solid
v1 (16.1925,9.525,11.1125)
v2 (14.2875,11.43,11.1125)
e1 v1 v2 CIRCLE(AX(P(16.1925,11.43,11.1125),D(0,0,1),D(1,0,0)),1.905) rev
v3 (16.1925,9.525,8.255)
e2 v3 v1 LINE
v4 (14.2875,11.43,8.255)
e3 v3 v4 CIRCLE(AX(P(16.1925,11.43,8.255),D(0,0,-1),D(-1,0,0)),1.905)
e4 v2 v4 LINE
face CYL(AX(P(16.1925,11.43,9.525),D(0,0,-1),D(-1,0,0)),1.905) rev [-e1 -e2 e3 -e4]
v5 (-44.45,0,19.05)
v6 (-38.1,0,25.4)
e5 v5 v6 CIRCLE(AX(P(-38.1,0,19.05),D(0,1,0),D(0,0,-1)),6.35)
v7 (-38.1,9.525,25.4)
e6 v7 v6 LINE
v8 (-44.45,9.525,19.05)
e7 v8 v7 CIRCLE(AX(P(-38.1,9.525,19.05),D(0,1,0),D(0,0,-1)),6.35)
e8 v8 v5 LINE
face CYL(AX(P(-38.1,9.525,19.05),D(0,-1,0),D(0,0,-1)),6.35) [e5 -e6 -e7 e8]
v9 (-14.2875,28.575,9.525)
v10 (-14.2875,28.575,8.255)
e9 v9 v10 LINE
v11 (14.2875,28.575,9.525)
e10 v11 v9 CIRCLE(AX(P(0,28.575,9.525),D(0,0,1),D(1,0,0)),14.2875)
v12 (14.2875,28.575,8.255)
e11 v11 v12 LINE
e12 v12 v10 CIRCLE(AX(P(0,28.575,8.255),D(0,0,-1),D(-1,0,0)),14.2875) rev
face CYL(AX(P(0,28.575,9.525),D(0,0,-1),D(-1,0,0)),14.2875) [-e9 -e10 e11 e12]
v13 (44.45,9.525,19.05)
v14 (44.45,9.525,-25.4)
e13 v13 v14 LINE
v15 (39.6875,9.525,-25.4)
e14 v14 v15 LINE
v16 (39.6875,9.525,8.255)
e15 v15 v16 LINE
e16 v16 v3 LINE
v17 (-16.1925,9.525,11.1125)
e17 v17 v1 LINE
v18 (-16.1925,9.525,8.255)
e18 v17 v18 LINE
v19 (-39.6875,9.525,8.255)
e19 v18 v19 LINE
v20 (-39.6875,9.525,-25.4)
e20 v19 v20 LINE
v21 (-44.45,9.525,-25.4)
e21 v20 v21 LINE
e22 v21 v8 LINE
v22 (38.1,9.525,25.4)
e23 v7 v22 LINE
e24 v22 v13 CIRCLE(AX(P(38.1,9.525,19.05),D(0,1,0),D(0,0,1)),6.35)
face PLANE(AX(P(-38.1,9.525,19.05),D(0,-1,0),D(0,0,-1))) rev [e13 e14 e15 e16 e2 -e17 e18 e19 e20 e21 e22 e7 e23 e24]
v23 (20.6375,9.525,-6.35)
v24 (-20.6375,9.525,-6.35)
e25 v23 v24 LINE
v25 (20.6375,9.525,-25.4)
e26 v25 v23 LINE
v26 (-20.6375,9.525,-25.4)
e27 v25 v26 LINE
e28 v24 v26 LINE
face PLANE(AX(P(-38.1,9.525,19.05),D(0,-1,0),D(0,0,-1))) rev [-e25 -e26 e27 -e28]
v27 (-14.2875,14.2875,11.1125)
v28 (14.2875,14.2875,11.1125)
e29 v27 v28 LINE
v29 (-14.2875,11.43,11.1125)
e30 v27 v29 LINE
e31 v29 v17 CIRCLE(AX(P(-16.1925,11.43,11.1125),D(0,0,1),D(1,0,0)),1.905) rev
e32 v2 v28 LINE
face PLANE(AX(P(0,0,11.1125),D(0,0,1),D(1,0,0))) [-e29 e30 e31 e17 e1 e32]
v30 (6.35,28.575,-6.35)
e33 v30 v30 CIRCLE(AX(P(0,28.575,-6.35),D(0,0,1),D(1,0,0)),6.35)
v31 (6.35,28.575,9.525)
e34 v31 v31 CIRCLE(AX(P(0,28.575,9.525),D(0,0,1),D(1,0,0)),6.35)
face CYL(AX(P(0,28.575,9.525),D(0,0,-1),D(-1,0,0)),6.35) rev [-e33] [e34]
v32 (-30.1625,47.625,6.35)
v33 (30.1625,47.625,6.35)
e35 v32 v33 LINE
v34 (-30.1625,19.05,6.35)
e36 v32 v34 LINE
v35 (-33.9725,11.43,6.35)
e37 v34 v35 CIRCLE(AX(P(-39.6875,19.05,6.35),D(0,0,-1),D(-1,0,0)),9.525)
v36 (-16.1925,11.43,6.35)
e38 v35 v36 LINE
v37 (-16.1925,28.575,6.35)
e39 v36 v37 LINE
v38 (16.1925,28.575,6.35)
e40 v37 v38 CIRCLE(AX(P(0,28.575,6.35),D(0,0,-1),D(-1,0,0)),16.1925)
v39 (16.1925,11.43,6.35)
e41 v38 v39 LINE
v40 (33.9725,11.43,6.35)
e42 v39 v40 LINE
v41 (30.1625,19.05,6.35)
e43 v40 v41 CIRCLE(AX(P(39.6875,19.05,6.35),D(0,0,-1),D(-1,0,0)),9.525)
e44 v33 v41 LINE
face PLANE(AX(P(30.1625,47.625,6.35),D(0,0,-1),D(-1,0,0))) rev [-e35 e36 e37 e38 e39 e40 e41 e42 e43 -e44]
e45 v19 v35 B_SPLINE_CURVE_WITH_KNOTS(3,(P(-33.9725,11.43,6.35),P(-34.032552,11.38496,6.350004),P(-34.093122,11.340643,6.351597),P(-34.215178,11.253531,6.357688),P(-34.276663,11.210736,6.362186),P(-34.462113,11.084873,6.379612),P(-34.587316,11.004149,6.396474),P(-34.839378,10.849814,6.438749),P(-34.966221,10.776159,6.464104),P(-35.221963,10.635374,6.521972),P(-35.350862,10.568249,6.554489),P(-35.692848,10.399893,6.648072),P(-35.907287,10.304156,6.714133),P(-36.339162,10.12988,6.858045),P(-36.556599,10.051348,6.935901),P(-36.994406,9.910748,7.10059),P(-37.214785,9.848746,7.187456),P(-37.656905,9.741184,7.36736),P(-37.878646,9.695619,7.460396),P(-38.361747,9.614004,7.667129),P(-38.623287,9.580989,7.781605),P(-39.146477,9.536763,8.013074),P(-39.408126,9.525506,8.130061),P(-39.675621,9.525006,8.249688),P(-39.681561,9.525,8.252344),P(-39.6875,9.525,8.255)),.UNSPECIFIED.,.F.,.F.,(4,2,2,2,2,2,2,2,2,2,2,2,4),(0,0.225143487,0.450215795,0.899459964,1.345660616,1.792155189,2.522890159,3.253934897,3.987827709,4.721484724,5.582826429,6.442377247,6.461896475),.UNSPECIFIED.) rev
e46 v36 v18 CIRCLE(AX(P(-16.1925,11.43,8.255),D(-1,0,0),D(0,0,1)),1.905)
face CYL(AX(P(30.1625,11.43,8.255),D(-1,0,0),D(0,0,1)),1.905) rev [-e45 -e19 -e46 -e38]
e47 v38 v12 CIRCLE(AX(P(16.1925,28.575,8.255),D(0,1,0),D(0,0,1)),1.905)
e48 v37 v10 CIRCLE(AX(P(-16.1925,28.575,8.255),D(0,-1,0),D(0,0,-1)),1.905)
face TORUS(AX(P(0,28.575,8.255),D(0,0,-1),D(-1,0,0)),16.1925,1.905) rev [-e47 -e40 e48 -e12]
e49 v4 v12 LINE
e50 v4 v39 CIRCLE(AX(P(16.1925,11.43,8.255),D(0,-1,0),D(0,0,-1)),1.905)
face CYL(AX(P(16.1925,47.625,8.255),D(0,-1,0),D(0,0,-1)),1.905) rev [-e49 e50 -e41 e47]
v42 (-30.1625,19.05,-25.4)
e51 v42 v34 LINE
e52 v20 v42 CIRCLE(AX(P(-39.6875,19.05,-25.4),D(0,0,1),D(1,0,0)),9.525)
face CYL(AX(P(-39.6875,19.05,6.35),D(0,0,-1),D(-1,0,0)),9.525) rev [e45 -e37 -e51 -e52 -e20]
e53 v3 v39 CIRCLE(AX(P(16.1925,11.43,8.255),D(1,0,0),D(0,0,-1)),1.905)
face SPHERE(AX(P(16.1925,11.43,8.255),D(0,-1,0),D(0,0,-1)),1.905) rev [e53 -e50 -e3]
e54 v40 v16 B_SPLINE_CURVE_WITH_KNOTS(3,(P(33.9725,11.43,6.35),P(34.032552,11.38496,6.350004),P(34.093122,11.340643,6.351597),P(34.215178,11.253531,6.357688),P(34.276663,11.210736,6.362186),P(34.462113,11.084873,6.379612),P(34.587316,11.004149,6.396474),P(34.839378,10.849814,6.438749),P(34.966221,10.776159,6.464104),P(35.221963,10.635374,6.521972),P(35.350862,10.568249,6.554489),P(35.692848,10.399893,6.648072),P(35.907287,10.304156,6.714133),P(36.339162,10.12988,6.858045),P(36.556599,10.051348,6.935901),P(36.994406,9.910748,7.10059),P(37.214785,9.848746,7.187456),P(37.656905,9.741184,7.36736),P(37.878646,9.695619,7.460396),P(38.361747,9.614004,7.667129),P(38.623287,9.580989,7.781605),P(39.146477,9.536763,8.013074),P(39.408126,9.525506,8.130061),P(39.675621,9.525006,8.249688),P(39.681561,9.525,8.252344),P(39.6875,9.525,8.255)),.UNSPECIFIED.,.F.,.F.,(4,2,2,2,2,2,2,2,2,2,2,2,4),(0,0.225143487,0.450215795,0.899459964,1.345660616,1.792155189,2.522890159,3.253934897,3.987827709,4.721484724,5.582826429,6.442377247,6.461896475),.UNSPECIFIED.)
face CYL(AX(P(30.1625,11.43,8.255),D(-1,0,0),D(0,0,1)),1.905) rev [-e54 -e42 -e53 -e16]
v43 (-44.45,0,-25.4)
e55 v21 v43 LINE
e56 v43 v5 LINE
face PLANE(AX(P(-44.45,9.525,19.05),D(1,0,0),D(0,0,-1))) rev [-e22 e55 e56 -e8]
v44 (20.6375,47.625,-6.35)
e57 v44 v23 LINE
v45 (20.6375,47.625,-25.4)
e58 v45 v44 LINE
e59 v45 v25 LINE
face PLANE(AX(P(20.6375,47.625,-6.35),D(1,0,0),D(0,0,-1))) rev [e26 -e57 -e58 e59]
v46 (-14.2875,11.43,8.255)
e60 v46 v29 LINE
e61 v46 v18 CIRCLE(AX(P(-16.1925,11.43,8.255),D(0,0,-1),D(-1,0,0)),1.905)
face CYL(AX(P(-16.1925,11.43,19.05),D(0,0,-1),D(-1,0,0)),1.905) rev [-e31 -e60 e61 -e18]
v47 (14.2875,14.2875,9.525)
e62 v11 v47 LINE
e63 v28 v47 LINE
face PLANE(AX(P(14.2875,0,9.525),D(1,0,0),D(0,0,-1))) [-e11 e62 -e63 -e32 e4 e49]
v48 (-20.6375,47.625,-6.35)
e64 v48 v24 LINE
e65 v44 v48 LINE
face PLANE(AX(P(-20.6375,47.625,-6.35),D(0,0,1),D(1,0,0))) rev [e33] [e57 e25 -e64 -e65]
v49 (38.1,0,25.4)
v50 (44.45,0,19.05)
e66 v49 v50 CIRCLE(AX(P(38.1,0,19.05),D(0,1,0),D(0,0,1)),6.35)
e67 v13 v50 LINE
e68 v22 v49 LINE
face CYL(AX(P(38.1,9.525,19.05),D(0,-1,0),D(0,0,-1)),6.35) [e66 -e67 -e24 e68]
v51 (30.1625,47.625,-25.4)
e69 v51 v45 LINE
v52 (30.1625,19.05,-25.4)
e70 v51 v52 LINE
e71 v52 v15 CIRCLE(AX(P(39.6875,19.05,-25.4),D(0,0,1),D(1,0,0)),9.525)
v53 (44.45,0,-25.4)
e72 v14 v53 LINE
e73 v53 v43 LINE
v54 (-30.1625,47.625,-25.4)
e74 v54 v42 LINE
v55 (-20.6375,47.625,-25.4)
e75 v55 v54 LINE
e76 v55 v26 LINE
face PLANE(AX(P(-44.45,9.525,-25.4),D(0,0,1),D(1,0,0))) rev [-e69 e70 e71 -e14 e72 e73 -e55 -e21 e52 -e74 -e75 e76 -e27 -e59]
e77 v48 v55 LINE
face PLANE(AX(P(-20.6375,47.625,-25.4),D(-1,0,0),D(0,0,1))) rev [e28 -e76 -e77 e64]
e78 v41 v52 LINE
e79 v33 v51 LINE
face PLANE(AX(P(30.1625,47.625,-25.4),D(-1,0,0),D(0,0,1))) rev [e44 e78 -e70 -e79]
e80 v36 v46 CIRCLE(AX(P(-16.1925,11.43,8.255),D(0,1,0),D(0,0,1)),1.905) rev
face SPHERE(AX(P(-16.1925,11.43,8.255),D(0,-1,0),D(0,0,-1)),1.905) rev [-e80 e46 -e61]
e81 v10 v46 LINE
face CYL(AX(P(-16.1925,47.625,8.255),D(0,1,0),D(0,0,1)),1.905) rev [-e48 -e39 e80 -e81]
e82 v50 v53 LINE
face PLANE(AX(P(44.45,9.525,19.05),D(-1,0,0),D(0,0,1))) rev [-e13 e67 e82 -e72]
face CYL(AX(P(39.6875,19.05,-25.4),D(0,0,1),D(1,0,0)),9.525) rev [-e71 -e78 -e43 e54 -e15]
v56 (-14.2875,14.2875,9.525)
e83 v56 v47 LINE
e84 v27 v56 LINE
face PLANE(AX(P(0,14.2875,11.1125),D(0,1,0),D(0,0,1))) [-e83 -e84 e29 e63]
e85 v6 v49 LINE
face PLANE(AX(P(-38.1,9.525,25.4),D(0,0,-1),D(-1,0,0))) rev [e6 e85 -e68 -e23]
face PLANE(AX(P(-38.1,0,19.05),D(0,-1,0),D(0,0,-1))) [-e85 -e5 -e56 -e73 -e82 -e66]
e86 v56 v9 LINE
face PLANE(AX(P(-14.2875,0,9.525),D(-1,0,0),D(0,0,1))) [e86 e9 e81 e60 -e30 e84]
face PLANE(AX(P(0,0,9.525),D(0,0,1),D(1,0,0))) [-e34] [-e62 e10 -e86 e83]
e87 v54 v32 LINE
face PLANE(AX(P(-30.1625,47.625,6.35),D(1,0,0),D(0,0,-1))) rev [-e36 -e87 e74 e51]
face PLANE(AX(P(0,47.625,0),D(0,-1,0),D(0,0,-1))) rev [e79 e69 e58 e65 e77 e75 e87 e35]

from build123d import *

# Parameters (mm, degrees)
BOSS_EXTRUDE2_DEPTH  = 9.525
BOSS_EXTRUDE4_DEPTH  = 38.1
SKETCH5_R            = 6.35
BOSS_EXTRUDE6_DEPTH  = 3.175
SKETCH5_6_W          = 28.575
SKETCH5_6_H          = 4.7625
BOSS_EXTRUDE10_DEPTH = 4.7625
SKETCH5_7_R          = 6.35
CUT_EXTRUDE1_DEPTH   = 73.470722537
FILLET1_R            = 9.525
FILLET4_R            = 1.905
FILLET5_R            = 1.905


with BuildPart() as part:
    # Sketch1 → Boss-Extrude2 (new body)
    with BuildSketch(Plane(origin=(0, 0, 0), x_dir=(1, 0, 0), z_dir=(0, 1, 0))):
        with BuildLine():
            Line((-38.1, -25.4), (38.1, -25.4))
            ThreePointArc((38.1, -25.4), (42.590128061, -23.540128061), (44.45, -19.05))
            Line((44.45, -19.05), (44.45, 25.4))
            Line((44.45, 25.4), (-44.45, 25.4))
            Line((-44.45, 25.4), (-44.45, -19.05))
            ThreePointArc((-44.45, -19.05), (-42.590128061, -23.540128061), (-38.1, -25.4))
        make_face()
    extrude(amount=BOSS_EXTRUDE2_DEPTH)

    # Sketch4 → Boss-Extrude4 (add)
    with BuildSketch(Plane(origin=(0, 9.525, 0), x_dir=(1, 0, 0), z_dir=(0, 1, 0))):
        Polygon((30.1625, 25.4), (30.1625, -6.35), (-30.1625, -6.35), (-30.1625, 25.4), (-20.6375, 25.4), (-20.6375, 6.35), (20.6375, 6.35), (20.6375, 25.4), align=None)
    extrude(amount=BOSS_EXTRUDE4_DEPTH)

    # Sketch5 → Boss-Extrude6 (add)
    with BuildSketch(Plane.XY.offset(6.35)):
        with BuildLine():
            Line((-14.2875, 28.575), (-14.2875, 14.2875))
            Line((-14.2875, 14.2875), (14.2875, 14.2875))
            Line((14.2875, 14.2875), (14.2875, 28.575))
            ThreePointArc((14.2875, 28.575), (0, 42.8625), (-14.2875, 28.575))
        make_face()
        with Locations((0, 28.575)):
            Circle(SKETCH5_R, mode=Mode.SUBTRACT)
    extrude(amount=BOSS_EXTRUDE6_DEPTH)

    # Sketch5<6> → Boss-Extrude10 (add)
    with BuildSketch(Plane.XY.offset(6.35)):
        with Locations((0, 11.90625)):
            Rectangle(SKETCH5_6_W, SKETCH5_6_H)
    extrude(amount=BOSS_EXTRUDE10_DEPTH)

    # Sketch5<7> → Cut-Extrude1 (cut, through all)
    with BuildSketch(Plane.XY.offset(6.35)):
        with Locations((0, 28.575)):
            Circle(SKETCH5_7_R)
    extrude(amount=-CUT_EXTRUDE1_DEPTH, mode=Mode.SUBTRACT)

    # Fillet1
    fillet1_edges = [part.edges().sort_by_distance(p)[0] for p in [
        (-30.1625, 9.525, -9.525),
        (30.1625, 9.525, -9.525),
    ]]
    fillet(fillet1_edges, radius=FILLET1_R)

    # Fillet4
    fillet4_edges = [part.edges().sort_by_distance(p)[0] for p in [
        (14.2875, 19.05, 6.35),
        (-14.2875, 19.05, 6.35),
        (0, 42.8625, 6.35),
    ]]
    fillet(fillet4_edges, radius=FILLET4_R)

    # Fillet5
    fillet5_edges = [part.edges().sort_by_distance(p)[0] for p in [
        (-14.2875, 9.525, 9.68375),
        (-14.845461582, 9.525, 6.907961582),
        (14.2875, 9.525, 9.68375),
        (14.845461582, 9.525, 6.907961582),
        (-27.94, 9.525, 6.35),
        (27.94, 9.525, 6.35),
    ]]
    fillet(fillet5_edges, radius=FILLET5_R)


solid = part.part
